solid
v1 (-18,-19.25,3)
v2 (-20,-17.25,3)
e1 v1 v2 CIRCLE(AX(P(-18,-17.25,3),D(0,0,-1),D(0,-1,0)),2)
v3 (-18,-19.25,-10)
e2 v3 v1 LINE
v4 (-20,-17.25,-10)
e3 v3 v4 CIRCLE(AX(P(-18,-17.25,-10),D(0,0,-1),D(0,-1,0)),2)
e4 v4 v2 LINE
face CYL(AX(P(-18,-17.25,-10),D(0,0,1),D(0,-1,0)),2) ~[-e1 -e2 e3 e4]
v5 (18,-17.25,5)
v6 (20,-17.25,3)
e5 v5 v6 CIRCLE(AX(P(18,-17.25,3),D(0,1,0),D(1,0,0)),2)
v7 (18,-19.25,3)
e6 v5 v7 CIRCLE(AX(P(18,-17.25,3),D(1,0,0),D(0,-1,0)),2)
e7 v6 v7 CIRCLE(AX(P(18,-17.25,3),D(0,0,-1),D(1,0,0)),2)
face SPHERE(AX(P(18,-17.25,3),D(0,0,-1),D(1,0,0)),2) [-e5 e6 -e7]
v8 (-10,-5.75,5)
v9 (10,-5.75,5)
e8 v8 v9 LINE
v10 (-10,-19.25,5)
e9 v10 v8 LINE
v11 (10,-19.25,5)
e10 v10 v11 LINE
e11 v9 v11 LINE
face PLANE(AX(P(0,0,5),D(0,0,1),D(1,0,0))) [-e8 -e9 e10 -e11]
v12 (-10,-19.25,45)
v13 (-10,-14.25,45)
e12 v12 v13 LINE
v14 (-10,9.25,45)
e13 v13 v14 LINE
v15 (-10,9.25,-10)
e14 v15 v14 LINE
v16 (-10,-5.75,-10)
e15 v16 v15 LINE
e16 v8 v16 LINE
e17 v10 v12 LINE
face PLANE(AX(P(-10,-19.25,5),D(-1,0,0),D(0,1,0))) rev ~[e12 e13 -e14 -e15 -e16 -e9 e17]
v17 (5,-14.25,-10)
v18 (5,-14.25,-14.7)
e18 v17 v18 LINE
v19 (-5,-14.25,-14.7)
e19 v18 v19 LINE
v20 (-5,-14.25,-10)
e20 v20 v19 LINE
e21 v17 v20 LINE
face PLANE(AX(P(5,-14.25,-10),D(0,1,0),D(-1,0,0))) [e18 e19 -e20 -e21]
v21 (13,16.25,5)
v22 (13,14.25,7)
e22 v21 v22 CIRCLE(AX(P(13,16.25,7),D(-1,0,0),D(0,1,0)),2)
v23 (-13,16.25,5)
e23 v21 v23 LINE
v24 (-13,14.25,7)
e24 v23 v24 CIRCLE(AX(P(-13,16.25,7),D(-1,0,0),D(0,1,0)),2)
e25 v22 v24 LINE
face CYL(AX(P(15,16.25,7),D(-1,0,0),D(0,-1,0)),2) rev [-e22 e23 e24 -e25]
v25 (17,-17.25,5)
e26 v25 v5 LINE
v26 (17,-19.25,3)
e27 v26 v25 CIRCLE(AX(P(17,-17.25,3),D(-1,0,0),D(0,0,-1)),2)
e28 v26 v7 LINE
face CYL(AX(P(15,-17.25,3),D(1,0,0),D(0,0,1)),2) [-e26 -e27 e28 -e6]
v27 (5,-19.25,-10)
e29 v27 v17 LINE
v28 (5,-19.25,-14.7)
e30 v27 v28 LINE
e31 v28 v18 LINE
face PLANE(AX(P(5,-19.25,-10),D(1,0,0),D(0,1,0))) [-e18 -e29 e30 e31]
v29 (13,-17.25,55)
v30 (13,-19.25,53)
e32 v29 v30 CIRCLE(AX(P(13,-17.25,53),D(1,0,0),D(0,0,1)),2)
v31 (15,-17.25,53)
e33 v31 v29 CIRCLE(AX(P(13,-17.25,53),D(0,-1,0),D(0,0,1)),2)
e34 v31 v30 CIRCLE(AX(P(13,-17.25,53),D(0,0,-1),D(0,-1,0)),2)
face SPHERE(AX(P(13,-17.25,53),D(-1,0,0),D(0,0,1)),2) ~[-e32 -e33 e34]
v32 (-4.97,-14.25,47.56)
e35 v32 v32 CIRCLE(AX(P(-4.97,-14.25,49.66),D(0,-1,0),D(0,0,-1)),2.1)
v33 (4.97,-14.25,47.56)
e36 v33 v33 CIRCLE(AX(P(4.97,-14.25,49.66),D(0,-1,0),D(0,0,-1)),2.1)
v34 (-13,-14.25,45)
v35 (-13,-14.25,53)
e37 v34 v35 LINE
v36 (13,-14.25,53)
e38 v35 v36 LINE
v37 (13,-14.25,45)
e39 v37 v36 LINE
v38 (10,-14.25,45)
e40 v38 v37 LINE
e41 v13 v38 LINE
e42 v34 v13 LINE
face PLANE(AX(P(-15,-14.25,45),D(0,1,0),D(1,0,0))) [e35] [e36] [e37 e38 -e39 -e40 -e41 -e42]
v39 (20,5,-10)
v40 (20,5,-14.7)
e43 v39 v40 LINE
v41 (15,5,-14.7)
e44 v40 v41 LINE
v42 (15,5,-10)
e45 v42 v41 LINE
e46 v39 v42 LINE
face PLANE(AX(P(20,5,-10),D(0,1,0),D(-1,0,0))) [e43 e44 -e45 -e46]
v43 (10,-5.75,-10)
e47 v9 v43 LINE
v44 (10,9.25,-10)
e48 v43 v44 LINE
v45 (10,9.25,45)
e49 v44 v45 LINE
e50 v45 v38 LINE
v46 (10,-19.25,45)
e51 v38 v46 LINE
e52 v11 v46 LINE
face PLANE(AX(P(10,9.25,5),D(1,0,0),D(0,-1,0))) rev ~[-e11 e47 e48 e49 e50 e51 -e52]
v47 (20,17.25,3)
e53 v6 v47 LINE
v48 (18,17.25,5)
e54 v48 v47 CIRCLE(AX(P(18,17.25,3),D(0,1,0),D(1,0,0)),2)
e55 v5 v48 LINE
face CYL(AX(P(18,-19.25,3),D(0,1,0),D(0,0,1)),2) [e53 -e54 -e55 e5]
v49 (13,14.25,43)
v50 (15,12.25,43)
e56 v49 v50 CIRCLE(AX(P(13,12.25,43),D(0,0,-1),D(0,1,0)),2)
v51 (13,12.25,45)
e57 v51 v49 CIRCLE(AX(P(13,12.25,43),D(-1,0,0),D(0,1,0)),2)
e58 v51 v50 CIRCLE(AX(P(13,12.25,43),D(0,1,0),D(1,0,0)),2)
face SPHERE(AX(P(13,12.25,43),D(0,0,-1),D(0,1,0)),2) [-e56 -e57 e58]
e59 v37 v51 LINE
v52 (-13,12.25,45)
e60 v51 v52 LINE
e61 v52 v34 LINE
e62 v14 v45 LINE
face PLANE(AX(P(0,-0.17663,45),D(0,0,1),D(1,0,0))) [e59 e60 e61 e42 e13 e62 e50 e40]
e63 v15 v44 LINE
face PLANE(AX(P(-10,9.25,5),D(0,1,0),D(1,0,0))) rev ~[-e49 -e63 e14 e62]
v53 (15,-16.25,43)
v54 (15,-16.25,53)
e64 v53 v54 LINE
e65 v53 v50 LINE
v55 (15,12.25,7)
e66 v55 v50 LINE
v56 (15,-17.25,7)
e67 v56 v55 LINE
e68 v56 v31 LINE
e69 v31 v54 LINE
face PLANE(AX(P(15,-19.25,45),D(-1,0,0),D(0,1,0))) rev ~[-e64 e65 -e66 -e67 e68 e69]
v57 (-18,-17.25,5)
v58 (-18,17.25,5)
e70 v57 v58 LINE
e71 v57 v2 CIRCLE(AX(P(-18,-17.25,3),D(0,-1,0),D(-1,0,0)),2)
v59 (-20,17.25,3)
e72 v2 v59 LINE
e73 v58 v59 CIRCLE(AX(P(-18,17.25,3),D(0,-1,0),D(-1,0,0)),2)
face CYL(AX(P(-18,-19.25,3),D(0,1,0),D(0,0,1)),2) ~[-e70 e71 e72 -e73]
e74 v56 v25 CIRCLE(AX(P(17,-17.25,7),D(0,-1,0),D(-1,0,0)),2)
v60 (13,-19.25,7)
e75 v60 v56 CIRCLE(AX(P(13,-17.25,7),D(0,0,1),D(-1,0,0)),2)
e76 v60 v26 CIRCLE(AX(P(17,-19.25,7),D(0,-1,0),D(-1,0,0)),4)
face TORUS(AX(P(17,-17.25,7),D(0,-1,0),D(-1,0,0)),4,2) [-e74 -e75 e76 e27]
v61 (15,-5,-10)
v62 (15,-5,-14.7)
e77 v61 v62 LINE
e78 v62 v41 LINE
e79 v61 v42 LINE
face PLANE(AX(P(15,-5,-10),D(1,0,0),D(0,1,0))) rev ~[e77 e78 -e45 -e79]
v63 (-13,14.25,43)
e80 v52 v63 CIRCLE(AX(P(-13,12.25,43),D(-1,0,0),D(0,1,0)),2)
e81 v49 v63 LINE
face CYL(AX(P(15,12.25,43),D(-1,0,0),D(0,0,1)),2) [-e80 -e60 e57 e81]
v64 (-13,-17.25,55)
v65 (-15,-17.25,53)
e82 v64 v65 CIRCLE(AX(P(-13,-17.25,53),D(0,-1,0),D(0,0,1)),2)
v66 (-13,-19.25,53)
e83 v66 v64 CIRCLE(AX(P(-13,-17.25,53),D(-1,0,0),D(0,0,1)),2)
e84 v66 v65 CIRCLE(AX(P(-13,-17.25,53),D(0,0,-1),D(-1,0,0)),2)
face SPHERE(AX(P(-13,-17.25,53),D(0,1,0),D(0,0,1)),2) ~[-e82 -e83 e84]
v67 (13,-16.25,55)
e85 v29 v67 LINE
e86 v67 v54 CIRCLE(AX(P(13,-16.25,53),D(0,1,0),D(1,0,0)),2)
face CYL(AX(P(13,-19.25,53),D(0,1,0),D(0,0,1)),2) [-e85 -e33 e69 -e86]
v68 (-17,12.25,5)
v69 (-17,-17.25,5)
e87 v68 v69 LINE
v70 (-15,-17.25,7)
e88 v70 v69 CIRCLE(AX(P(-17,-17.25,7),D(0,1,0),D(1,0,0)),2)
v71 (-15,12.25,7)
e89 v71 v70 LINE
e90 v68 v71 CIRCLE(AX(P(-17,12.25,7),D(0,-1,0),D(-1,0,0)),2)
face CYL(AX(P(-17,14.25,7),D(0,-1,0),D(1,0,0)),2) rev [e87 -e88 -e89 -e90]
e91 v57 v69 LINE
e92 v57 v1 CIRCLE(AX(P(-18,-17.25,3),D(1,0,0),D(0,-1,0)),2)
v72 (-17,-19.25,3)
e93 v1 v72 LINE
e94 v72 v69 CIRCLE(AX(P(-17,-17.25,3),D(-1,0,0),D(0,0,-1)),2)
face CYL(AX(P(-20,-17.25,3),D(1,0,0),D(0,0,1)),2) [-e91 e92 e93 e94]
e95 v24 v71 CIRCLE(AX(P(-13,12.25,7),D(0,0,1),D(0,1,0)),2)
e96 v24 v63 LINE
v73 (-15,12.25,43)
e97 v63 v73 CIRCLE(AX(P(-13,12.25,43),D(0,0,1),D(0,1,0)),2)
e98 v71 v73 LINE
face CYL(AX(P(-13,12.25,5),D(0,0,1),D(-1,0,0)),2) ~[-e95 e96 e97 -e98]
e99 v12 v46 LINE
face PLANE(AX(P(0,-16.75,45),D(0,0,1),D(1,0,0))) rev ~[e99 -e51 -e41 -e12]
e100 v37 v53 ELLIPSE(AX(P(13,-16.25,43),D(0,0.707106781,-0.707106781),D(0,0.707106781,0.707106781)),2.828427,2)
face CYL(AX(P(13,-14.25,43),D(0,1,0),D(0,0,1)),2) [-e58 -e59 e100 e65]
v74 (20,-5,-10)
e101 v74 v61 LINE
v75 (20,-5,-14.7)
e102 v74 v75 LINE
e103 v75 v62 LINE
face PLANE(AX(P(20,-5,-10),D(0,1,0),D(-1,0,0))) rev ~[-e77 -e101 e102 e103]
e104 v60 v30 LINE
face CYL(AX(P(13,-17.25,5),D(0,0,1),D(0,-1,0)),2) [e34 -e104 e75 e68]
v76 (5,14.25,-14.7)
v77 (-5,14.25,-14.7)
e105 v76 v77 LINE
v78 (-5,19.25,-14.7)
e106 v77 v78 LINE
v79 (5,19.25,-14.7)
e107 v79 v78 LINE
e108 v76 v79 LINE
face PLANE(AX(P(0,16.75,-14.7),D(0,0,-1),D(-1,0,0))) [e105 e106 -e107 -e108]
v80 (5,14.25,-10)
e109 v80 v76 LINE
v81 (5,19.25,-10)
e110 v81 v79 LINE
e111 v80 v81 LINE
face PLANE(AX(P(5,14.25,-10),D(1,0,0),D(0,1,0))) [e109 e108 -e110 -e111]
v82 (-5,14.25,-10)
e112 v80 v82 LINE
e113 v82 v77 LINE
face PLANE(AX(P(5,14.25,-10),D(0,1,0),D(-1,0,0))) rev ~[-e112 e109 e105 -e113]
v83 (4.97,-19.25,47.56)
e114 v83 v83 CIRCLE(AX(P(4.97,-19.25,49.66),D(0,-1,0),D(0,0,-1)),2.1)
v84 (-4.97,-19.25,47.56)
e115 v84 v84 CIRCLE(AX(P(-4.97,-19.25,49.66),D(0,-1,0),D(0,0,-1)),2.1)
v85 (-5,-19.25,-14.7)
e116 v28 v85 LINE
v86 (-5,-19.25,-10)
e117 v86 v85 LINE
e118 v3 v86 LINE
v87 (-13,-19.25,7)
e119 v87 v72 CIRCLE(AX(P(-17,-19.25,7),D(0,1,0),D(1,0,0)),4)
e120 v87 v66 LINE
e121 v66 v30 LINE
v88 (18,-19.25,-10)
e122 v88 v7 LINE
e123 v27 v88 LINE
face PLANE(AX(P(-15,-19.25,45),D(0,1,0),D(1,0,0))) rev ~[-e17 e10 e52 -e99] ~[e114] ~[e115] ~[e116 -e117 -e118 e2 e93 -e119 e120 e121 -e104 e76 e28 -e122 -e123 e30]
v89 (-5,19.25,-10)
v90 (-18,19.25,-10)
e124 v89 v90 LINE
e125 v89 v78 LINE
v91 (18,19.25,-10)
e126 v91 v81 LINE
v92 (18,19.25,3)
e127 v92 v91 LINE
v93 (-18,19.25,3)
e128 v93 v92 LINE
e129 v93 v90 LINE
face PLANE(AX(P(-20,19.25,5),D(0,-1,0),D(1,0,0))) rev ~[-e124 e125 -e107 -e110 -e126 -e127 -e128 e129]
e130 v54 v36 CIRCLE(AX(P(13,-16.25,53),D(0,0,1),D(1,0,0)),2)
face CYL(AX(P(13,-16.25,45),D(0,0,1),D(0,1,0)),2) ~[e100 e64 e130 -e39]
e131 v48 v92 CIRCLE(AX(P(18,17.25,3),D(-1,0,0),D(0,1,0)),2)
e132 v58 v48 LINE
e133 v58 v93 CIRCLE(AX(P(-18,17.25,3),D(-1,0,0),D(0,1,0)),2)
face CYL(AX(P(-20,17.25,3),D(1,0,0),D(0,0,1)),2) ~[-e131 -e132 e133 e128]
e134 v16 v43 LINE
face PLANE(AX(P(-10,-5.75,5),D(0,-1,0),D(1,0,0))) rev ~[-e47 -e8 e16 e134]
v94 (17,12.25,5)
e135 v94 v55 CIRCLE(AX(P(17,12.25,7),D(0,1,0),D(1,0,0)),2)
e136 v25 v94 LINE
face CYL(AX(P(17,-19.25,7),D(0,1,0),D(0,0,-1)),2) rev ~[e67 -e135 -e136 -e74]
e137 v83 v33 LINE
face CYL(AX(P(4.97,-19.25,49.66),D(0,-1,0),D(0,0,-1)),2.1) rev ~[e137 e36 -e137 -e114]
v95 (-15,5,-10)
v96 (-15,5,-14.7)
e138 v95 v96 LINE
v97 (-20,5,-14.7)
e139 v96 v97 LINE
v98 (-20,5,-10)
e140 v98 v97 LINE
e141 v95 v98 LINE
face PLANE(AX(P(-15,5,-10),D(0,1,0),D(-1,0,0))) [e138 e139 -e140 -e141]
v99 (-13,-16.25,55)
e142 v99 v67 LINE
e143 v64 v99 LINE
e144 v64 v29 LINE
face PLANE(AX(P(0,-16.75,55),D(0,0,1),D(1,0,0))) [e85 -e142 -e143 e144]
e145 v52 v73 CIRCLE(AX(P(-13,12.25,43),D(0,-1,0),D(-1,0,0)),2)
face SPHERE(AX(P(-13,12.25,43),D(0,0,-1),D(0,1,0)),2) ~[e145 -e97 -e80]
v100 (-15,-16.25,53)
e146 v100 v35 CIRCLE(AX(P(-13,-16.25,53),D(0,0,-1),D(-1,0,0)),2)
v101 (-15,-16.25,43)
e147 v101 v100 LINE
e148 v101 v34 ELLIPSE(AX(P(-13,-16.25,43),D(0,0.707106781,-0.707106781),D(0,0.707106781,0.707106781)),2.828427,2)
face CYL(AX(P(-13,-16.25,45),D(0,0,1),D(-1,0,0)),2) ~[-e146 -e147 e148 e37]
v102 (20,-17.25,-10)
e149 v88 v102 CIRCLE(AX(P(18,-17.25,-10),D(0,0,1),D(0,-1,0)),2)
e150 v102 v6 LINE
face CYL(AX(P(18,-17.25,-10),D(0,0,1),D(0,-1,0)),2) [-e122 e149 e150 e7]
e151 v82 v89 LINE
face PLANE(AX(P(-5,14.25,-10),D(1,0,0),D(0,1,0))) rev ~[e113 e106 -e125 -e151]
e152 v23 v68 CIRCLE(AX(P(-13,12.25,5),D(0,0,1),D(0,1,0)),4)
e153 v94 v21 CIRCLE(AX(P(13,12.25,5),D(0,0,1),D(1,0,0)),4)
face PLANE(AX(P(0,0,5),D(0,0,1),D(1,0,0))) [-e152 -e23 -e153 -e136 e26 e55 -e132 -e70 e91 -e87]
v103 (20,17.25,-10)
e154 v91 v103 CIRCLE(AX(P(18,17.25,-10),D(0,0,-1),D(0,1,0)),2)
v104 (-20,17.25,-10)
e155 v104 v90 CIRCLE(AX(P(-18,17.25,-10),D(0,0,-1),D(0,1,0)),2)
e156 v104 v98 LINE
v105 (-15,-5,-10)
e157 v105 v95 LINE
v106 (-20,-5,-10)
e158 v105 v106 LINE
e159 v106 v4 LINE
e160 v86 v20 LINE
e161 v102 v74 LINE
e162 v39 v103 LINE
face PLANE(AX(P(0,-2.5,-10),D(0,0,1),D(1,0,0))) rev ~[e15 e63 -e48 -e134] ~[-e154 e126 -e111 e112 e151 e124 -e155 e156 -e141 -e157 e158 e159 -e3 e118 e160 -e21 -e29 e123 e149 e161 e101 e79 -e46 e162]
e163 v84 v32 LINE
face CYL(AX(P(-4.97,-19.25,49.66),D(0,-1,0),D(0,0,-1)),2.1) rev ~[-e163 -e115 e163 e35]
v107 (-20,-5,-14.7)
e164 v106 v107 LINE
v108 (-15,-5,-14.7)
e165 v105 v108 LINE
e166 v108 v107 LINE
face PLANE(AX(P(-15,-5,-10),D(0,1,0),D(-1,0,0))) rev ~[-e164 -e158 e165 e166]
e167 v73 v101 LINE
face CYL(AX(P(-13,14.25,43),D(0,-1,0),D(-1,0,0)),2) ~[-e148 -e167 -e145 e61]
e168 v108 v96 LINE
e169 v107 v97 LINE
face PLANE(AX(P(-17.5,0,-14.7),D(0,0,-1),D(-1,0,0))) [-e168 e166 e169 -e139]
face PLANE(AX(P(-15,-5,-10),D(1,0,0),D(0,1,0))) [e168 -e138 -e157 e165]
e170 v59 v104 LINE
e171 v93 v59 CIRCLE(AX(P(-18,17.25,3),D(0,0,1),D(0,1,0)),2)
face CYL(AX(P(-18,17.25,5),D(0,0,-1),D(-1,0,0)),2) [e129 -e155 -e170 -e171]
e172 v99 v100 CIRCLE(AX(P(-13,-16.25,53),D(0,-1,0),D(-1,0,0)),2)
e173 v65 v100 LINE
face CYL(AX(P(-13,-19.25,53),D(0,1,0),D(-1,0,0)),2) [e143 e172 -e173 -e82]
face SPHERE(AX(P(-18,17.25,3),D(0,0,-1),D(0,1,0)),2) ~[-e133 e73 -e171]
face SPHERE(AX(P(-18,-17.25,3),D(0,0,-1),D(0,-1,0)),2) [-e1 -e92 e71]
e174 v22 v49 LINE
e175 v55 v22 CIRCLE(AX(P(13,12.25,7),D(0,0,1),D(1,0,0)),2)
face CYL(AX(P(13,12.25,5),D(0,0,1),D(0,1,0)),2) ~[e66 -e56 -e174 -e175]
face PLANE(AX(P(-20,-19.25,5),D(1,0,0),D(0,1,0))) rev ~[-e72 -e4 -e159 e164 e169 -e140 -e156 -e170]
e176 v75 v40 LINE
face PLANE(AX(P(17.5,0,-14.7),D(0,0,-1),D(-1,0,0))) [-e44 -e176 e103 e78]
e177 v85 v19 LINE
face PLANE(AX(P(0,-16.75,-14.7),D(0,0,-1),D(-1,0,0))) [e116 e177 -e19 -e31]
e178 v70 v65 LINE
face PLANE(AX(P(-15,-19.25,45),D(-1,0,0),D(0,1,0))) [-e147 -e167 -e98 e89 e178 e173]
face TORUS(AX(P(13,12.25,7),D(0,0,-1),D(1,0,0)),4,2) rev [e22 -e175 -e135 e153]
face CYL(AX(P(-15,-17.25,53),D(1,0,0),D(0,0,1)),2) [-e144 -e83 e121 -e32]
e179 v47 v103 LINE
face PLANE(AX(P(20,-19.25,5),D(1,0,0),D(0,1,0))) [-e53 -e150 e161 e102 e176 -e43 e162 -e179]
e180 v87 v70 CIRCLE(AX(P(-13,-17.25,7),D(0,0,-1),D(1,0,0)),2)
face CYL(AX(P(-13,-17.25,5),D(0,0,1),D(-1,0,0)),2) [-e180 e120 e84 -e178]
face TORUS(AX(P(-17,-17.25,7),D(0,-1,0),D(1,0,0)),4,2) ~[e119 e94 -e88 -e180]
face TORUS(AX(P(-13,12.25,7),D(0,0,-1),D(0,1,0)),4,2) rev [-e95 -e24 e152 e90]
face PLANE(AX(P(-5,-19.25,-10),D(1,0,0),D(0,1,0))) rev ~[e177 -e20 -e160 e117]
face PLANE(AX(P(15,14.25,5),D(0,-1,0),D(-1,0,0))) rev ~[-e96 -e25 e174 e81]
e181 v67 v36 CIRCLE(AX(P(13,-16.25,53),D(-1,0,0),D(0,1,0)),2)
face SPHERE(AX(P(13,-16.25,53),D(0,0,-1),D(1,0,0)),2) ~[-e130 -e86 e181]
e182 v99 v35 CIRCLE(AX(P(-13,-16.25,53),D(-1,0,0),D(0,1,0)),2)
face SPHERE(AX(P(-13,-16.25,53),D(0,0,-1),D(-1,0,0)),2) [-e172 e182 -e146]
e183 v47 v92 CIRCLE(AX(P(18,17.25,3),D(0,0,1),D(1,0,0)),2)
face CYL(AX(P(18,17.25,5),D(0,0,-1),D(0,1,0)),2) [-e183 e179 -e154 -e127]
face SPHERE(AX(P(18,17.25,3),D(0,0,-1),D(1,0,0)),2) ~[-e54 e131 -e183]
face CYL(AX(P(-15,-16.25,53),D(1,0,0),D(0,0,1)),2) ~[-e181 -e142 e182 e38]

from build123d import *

# Parameters (mm, degrees)
SKETCH1_W           = 30
SKETCH1_H           = 33.5
SKETCH1_W_2         = 20
SKETCH1_H_2         = 23.5
BOSS_EXTRUDE1_DEPTH = 10
SKETCH1_4_W         = 30
SKETCH1_4_H         = 33.5
SKETCH1_4_W_2       = 20
SKETCH1_4_H_2       = 23.5
BOSS_EXTRUDE2_DEPTH = 5
SKETCH2_W           = 40
SKETCH2_H           = 38.5
BOSS_EXTRUDE3_DEPTH = 10
BOSS_EXTRUDE4_DEPTH = 40
SKETCH4_W           = 30
SKETCH4_H           = 5
BOSS_EXTRUDE5_DEPTH = 10
SKETCH5_R           = 2.1
CUT_EXTRUDE1_DEPTH  = 5
FILLET1_R           = 2
SKETCH6_W           = 10
SKETCH6_H           = 5
SKETCH6_W_2         = 5
SKETCH6_H_2         = 10
BOSS_EXTRUDE6_DEPTH = 4.7
SKETCH7_W           = 20
SKETCH7_H           = 15
CUT_EXTRUDE2_DEPTH  = 15


with BuildPart() as part:
    # Sketch1 → Boss-Extrude1 (new body)
    # profile 1 of 3: a face of its own
    with BuildSketch(Plane.XY):
        Polygon((-20, 19.25), (-20, -19.25), (-15, -19.25), (-15, 14.25), (15, 14.25), (15, -19.25), (20, -19.25), (20, 19.25), align=None)
    # profile 2 of 3: a face of its own
    with BuildSketch(Plane.XY):
        with Locations((0, -2.5)):
            Rectangle(SKETCH1_W, SKETCH1_H)
        with Locations((0, -2.5)):
            Rectangle(SKETCH1_W_2, SKETCH1_H_2, mode=Mode.SUBTRACT)
    # profile 3 of 3: a face of its own
    with BuildSketch(Plane.XY):
        with Locations((0, -2.5)):
            Rectangle(SKETCH1_W_2, SKETCH1_H_2)
    extrude(amount=-BOSS_EXTRUDE1_DEPTH)

    # Sketch1<4> → Boss-Extrude2 (add)
    with BuildSketch(Plane.XY):
        with Locations((0, -2.5)):
            Rectangle(SKETCH1_4_W, SKETCH1_4_H)
        with Locations((0, -2.5)):
            Rectangle(SKETCH1_4_W_2, SKETCH1_4_H_2, mode=Mode.SUBTRACT)
    extrude(amount=BOSS_EXTRUDE2_DEPTH)

    # Sketch2 → Boss-Extrude3 (add)
    with BuildSketch(Plane.XY.offset(5)):
        Rectangle(SKETCH2_W, SKETCH2_H)
    extrude(amount=-BOSS_EXTRUDE3_DEPTH)

    # Sketch3 → Boss-Extrude4 (add)
    with BuildSketch(Plane.XY.offset(5)):
        Polygon((-10, -19.25), (-10, -14.25), (-10, 9.25), (10, 9.25), (10, -14.25), (10, -19.25), (15, -19.25), (15, 14.25), (-15, 14.25), (-15, -19.25), align=None)
    extrude(amount=BOSS_EXTRUDE4_DEPTH)

    # Sketch4 → Boss-Extrude5 (add)
    with BuildSketch(Plane.XY.offset(45)):
        with Locations((0, -16.75)):
            Rectangle(SKETCH4_W, SKETCH4_H)
    extrude(amount=BOSS_EXTRUDE5_DEPTH)

    # Sketch5 → Cut-Extrude1 (cut)
    with BuildSketch(Plane.XZ.offset(19.25)):
        with Locations(Location((4.97, 49.66, 0), (0, 0, 270))):
            Circle(SKETCH5_R)
        with Locations(Location((-4.97, 49.66, 0), (0, 0, 270))):
            Circle(SKETCH5_R)
    extrude(amount=-CUT_EXTRUDE1_DEPTH, mode=Mode.SUBTRACT)

    # Fillet1
    fillet1_edges = [part.edges().sort_by_distance(p)[0] for p in [
        (-15, -14.25, 50),
        (15, -14.25, 50),
        (-15, -16.75, 55),
        (-20, 19.25, -2.5),
        (0, -19.25, 55),
        (15, -16.75, 55),
        (0, -14.25, 55),
        (20, 19.25, -2.5),
        (20, -19.25, -2.5),
        (-20, -19.25, -2.5),
        (-17.5, -19.25, 5),
        (20, 0, 5),
        (0, 19.25, 5),
        (-20, 0, 5),
        (17.5, -19.25, 5),
        (0, 14.25, 5),
        (15, 14.25, 25),
        (-15, -2.5, 5),
        (-15, 14.25, 25),
        (-15, -19.25, 30),
        (15, -2.5, 5),
        (15, -19.25, 30),
        (0, 14.25, 45),
        (-15, 0, 45),
        (15, 0, 45),
    ]]
    fillet(fillet1_edges, radius=FILLET1_R)

    # Sketch6 → Boss-Extrude6 (add)
    with BuildSketch(Plane(origin=(0, 0, -10), x_dir=(-1, 0, 0), z_dir=(0, 0, -1))):
        with Locations((0, -16.75)):
            Rectangle(SKETCH6_W, SKETCH6_H)
        with Locations((17.5, 0)):
            Rectangle(SKETCH6_W_2, SKETCH6_H_2)
        with Locations((0, 16.75)):
            Rectangle(SKETCH6_W, SKETCH6_H)
        with Locations((-17.5, 0)):
            Rectangle(SKETCH6_W_2, SKETCH6_H_2)
    extrude(amount=BOSS_EXTRUDE6_DEPTH)

    # Sketch7 → Cut-Extrude2 (cut)
    with BuildSketch(Plane.XY.offset(5)):
        with Locations((0, 1.75)):
            Rectangle(SKETCH7_W, SKETCH7_H)
    extrude(amount=-CUT_EXTRUDE2_DEPTH, mode=Mode.SUBTRACT)


solid = part.part
